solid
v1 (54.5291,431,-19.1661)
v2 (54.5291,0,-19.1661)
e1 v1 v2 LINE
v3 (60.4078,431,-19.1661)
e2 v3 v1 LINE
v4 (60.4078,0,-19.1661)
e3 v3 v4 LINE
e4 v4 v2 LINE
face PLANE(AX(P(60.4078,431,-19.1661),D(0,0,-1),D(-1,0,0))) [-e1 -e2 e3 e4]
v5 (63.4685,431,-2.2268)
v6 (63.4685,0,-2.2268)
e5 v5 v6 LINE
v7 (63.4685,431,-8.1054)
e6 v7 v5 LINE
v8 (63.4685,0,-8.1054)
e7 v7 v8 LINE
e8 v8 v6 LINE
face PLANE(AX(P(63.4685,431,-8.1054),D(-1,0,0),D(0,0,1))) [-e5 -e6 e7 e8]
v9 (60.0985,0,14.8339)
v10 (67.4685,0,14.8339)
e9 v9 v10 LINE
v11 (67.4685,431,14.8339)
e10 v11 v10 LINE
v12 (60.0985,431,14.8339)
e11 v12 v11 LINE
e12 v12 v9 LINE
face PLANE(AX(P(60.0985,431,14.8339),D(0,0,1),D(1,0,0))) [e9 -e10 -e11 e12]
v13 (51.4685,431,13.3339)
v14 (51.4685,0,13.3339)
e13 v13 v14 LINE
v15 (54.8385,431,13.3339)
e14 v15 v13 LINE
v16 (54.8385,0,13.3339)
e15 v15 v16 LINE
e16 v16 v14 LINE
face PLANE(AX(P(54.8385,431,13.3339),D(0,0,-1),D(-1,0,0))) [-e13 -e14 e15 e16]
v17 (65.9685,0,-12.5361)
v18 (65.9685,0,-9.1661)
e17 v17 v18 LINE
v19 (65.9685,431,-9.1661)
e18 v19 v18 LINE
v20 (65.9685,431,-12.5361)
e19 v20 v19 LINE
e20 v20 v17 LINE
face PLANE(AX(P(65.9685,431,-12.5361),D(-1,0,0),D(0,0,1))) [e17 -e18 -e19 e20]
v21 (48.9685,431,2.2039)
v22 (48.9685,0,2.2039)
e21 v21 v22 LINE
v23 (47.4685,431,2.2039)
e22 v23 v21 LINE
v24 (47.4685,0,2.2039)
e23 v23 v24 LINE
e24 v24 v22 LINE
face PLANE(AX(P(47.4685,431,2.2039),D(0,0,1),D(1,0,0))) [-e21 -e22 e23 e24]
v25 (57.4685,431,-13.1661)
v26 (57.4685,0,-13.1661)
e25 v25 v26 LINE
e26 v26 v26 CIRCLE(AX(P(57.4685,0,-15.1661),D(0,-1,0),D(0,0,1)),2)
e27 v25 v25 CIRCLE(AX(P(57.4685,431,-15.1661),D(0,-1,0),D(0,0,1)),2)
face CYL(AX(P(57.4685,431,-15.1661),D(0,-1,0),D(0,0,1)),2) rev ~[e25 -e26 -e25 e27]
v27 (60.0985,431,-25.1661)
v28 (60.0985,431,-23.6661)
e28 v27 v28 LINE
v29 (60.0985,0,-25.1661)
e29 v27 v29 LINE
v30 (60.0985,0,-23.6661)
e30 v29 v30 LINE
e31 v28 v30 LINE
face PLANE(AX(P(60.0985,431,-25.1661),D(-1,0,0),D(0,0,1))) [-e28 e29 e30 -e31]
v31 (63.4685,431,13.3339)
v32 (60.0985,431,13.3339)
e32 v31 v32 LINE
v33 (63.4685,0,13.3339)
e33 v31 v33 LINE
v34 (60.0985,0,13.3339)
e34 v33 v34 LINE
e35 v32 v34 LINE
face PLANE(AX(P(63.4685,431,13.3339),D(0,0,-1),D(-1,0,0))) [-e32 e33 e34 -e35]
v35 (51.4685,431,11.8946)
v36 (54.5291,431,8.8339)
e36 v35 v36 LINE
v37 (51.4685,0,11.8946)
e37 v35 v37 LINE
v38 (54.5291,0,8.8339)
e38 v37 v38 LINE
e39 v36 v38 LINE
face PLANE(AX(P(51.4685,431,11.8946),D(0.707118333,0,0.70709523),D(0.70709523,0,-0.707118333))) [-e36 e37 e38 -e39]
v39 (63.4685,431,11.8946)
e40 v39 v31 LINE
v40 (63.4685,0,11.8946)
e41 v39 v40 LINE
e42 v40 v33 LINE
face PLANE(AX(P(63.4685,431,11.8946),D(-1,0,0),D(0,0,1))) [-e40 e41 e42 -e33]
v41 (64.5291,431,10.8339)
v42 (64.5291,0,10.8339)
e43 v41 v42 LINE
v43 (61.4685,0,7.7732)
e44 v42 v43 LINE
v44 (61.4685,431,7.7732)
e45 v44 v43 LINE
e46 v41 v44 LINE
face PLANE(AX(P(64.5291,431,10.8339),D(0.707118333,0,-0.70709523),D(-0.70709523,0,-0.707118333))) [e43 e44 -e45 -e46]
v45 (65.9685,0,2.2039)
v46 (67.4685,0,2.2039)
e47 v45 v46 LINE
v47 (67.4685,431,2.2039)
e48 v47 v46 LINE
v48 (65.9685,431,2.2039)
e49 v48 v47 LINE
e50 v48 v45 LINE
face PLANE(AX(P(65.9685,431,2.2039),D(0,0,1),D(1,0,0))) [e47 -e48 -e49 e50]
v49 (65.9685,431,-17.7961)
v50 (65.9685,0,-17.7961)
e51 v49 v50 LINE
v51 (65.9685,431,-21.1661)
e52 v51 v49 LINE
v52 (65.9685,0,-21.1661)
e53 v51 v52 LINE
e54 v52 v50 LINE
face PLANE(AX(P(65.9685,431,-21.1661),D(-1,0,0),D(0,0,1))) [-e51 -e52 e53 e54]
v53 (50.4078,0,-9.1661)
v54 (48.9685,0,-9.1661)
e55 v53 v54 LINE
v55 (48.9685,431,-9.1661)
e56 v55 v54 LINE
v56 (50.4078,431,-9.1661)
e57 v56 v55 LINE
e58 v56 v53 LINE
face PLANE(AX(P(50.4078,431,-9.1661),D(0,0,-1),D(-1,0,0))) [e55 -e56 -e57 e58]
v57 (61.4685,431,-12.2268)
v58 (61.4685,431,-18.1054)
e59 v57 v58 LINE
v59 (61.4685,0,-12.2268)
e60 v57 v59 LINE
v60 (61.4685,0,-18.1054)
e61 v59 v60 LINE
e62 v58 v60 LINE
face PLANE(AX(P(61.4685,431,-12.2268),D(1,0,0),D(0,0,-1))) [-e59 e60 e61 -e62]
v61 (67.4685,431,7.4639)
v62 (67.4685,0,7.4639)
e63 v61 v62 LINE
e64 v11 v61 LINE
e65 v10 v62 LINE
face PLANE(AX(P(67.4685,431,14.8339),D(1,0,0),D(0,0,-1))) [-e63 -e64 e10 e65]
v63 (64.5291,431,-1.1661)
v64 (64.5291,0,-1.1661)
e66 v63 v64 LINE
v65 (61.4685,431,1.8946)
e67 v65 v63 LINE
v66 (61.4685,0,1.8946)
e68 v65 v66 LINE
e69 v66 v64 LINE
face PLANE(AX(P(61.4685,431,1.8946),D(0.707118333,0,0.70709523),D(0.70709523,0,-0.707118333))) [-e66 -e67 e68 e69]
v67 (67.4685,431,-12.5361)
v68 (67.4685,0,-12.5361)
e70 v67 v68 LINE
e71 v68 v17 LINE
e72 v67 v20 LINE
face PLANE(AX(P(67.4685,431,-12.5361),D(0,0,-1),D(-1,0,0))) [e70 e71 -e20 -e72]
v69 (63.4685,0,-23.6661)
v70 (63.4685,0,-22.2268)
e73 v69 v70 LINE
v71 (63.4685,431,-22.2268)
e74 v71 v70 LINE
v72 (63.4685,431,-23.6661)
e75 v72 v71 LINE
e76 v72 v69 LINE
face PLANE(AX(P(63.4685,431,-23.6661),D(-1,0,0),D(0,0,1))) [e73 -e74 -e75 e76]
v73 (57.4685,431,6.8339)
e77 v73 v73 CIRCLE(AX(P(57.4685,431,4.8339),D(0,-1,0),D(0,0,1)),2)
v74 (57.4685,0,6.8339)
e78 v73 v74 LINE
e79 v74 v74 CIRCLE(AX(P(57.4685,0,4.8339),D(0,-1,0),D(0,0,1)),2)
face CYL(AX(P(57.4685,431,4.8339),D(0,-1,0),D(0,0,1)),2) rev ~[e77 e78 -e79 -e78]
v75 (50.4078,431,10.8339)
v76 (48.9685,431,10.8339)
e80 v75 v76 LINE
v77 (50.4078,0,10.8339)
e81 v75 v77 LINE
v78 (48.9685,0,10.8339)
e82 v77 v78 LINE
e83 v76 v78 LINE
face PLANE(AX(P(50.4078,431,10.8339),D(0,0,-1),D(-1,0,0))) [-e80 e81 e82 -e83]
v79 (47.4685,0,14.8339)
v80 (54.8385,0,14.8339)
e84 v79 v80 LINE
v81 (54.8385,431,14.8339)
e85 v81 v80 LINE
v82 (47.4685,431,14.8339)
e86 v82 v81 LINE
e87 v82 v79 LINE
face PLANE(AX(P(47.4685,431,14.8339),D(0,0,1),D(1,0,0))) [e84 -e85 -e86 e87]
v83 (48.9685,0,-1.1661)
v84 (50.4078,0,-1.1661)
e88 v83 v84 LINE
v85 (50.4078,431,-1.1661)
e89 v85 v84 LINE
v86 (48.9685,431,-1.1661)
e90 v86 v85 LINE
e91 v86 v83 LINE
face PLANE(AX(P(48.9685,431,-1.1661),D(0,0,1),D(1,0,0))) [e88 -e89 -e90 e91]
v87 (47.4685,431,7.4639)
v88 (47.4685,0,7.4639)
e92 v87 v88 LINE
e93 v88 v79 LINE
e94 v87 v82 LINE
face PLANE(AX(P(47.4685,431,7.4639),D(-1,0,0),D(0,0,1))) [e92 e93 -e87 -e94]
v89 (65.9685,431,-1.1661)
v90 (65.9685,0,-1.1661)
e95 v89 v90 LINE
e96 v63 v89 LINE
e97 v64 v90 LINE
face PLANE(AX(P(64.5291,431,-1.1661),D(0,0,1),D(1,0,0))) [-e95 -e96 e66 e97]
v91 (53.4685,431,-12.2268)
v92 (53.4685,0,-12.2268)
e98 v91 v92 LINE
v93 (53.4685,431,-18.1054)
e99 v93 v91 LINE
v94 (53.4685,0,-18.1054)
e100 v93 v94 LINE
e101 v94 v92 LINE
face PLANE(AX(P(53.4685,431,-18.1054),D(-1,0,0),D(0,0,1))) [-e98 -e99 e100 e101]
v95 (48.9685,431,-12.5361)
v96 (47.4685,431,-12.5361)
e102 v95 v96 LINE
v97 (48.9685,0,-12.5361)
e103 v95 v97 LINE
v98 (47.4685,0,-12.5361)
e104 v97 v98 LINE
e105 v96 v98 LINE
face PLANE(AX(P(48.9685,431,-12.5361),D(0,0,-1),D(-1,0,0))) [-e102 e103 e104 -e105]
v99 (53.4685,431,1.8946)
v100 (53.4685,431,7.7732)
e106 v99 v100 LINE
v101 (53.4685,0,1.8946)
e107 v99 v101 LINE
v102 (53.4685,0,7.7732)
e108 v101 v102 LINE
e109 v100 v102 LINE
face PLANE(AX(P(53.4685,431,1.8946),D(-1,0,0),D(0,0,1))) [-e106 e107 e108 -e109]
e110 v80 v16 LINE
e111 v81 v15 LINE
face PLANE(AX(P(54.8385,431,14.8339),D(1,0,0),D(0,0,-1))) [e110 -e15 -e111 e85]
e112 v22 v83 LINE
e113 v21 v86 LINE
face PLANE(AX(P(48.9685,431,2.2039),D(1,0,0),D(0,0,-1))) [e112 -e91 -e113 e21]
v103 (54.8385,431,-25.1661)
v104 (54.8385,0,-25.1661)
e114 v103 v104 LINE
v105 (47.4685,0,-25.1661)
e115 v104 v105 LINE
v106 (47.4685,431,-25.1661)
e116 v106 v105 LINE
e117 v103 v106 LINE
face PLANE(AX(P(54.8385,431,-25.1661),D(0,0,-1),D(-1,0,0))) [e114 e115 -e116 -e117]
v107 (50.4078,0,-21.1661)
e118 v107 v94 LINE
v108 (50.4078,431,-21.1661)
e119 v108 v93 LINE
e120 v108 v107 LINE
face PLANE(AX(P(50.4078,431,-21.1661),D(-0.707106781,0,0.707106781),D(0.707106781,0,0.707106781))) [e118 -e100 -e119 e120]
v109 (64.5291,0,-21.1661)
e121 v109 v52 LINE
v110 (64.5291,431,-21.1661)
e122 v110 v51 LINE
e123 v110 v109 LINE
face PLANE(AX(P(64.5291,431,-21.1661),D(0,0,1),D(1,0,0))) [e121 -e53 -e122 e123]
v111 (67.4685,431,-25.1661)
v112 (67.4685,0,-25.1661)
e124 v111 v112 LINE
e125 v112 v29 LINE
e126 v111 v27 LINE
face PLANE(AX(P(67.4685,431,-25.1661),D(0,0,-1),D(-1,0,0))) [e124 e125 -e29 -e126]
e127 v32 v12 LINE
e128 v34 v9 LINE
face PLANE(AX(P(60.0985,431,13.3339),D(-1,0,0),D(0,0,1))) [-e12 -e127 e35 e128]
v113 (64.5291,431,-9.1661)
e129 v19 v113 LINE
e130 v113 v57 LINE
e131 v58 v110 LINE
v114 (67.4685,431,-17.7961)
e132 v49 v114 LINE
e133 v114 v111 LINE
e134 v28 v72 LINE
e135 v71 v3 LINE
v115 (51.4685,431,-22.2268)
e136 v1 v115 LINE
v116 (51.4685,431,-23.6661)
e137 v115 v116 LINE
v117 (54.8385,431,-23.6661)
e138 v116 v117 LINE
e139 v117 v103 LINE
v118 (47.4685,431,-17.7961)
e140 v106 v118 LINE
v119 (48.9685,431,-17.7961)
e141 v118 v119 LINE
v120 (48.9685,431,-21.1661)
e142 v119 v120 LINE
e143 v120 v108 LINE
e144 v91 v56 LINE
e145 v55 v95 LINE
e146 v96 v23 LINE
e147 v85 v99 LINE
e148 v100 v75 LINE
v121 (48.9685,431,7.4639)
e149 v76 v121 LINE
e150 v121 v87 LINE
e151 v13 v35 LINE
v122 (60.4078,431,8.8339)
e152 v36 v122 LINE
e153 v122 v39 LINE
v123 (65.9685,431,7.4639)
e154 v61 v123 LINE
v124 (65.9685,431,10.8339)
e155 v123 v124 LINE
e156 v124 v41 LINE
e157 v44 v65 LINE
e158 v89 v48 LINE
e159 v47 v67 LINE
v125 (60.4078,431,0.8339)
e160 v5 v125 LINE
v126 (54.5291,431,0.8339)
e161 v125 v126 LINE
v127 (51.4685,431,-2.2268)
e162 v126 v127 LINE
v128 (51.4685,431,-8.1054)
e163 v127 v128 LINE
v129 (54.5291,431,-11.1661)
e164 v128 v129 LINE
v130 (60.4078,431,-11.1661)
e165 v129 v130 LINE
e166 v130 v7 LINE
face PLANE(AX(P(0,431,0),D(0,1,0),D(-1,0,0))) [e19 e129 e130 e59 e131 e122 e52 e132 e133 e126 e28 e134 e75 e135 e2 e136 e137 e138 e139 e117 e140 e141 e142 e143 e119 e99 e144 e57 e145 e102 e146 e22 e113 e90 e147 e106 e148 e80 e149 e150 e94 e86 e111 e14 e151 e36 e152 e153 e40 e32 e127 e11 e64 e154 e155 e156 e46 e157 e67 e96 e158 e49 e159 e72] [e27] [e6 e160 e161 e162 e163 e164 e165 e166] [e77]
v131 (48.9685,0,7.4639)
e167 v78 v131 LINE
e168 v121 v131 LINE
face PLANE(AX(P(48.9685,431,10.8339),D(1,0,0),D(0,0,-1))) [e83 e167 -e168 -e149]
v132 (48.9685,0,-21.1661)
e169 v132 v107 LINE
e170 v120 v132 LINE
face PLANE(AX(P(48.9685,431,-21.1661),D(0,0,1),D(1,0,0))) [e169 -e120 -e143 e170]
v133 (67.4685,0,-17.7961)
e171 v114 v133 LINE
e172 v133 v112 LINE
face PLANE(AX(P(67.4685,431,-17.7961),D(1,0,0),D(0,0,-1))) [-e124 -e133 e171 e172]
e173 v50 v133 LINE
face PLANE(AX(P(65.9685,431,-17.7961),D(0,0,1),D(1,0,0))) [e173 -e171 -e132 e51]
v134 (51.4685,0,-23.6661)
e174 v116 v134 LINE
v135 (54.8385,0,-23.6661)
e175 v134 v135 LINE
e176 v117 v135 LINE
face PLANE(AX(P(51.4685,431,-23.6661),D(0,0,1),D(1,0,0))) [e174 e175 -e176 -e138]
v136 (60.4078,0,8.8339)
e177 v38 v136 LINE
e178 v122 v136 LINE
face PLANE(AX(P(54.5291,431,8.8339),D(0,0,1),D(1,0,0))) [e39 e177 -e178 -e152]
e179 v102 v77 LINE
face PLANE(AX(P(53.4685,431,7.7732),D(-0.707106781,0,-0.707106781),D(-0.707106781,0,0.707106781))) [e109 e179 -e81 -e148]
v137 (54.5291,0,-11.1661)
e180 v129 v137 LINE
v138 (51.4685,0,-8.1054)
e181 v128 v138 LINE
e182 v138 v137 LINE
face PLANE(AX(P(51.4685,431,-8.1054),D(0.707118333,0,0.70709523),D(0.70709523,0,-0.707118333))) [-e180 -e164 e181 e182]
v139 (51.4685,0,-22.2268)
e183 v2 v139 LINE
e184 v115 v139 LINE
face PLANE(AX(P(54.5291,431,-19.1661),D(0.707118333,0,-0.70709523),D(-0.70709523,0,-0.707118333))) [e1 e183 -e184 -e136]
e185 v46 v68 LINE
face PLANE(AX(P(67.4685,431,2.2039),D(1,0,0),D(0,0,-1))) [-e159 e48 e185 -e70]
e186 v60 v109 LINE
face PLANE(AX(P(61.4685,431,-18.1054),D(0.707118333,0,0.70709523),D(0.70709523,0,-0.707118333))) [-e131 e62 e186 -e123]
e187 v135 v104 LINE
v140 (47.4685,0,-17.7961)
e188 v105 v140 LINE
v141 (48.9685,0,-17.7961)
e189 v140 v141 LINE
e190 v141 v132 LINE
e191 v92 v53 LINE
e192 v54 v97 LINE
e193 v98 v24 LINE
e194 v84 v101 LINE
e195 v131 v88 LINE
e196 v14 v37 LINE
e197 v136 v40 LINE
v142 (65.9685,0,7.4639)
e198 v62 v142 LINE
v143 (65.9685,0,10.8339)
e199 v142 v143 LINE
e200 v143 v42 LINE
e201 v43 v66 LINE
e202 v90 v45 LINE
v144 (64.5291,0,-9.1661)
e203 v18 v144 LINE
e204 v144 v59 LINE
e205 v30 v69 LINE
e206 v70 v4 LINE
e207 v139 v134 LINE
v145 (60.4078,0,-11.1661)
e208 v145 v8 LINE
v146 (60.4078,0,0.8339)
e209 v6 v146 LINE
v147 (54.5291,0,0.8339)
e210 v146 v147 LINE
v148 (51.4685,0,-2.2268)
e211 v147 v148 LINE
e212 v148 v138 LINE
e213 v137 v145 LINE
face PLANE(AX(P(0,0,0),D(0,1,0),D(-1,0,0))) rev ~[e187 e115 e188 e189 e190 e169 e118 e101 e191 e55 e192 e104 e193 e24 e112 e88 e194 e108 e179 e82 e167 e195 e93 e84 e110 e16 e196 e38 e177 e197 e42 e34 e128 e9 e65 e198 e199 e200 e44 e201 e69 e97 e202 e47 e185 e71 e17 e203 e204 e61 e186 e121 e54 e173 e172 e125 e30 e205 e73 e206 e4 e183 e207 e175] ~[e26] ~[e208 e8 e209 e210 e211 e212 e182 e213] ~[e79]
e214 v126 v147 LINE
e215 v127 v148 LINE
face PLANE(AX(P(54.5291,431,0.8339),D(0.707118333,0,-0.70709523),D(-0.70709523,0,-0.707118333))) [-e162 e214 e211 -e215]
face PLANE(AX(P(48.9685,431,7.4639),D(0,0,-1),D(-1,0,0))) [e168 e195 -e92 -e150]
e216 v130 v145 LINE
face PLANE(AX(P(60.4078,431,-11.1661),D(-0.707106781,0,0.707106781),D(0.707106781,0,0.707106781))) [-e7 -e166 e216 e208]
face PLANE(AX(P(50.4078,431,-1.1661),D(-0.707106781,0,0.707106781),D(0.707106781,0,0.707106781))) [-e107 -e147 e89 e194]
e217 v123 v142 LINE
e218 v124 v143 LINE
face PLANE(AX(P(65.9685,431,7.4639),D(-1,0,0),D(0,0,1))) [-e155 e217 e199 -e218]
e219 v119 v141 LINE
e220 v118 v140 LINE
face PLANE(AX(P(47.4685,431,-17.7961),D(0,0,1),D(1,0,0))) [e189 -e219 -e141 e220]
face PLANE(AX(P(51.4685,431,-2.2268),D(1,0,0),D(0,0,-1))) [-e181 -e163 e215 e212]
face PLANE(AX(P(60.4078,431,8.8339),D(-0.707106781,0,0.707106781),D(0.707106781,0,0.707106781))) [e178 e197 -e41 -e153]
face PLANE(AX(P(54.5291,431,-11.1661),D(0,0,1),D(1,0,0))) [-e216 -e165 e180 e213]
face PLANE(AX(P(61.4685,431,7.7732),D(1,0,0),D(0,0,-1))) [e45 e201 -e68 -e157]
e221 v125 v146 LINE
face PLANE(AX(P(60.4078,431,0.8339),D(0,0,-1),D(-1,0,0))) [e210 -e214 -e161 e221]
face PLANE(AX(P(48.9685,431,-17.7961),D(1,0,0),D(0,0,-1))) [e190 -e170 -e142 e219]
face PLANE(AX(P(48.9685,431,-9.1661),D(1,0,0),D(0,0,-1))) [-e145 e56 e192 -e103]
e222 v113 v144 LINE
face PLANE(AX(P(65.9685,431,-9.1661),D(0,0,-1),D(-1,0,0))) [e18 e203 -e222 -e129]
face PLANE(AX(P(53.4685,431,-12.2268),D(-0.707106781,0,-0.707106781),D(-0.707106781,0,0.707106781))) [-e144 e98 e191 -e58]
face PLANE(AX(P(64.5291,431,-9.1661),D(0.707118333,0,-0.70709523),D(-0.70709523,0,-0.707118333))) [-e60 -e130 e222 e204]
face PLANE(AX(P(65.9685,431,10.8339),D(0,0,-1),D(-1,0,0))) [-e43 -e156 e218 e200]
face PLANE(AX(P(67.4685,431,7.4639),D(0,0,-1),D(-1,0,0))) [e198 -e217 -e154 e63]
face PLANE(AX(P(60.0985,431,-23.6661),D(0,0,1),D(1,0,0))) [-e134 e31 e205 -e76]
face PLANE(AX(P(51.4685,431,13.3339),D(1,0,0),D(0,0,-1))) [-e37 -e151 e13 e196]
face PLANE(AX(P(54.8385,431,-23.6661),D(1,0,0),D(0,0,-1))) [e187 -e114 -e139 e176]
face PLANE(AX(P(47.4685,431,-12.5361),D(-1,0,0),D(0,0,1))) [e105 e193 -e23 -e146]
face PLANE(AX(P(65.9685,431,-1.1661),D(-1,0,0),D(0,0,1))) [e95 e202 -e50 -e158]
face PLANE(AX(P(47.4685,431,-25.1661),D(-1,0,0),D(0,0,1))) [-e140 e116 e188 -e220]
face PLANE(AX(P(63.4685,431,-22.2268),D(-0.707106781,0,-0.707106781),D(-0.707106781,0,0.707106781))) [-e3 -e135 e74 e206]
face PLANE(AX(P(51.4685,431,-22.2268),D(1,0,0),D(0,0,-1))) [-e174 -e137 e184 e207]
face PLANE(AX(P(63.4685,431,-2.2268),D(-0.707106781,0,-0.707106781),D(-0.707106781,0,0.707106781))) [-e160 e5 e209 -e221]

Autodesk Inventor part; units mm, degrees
ref_plane "YZ Plane" through (0, 0, 0) normal (1, 0, 0) x (0, 1, 0)
ref_plane "XY Plane" through (0, 0, 0) normal (0, 0, 1) x (1, 0, 0)
ref_plane "Work Plane1" through (0, 431, 0) normal (0, 1, 0) x (-1, 0, 0)
sketch "Sketch1" plane through (0, 431, 0) normal (0, 1, 0) x (-1, 0, 0)
  line L0 (-54.5291, -19.1661) -> (-51.4685, -22.2268)
  line L1 (-67.4685, 2.2039) -> (-67.4685, -12.5361)
  line L2 (-51.4685, 11.8946) -> (-54.5291, 8.8339)
  line L3 (-48.9685, -9.1661) -> (-48.9685, -12.5361)
  line L4 (-64.5291, -1.1661) -> (-65.9685, -1.1661)
  line L5 (-54.8385, 14.8339) -> (-54.8385, 13.3339)
  line L6 (-63.4685, -23.6661) -> (-63.4685, -22.2268)
  line L7 (-53.4685, -18.1054) -> (-53.4685, -12.2268)
  line L8 (-67.4685, -25.1661) -> (-60.0985, -25.1661)
  line L9 (-48.9685, 7.4639) -> (-47.4685, 7.4639)
  line L10 (-63.4685, -2.2268) -> (-60.4078, 0.8339)
  line L11 (-48.9685, -17.7961) -> (-48.9685, -21.1661)
  line L12 (-64.5291, 10.8339) -> (-61.4685, 7.7732)
  line L13 (-53.4685, 7.7732) -> (-50.4078, 10.8339)
  line L14 (-54.5291, -11.1661) -> (-60.4078, -11.1661)
  line L15 (-65.9685, -21.1661) -> (-65.9685, -17.7961)
  line L16 (-67.4685, 7.4639) -> (-65.9685, 7.4639)
  line L17 (-60.0985, 13.3339) -> (-60.0985, 14.8339)
  line L18 (-61.4685, -12.2268) -> (-61.4685, -18.1054)
  line L19 (-47.4685, -25.1661) -> (-47.4685, -17.7961)
  line L20 (-48.9685, -1.1661) -> (-50.4078, -1.1661)
  line L21 (-47.4685, -12.5361) -> (-47.4685, 2.2039)
  line L22 (-51.4685, -23.6661) -> (-54.8385, -23.6661)
  line L23 (-65.9685, -12.5361) -> (-65.9685, -9.1661)
  line L24 (-60.4078, 8.8339) -> (-63.4685, 11.8946)
  line L25 (-50.4078, -9.1661) -> (-48.9685, -9.1661)
  line L26 (-51.4685, 13.3339) -> (-51.4685, 11.8946)
  line L27 (-60.4078, -19.1661) -> (-54.5291, -19.1661)
  line L28 (-65.9685, 2.2039) -> (-67.4685, 2.2039)
  line L29 (-50.4078, -21.1661) -> (-53.4685, -18.1054)
  line L30 (-47.4685, 14.8339) -> (-54.8385, 14.8339)
  line L31 (-61.4685, 1.8946) -> (-64.5291, -1.1661)
  line L32 (-54.5291, 0.8339) -> (-51.4685, -2.2268)
  line L33 (-60.0985, -23.6661) -> (-63.4685, -23.6661)
  line L34 (-67.4685, -17.7961) -> (-67.4685, -25.1661)
  line L35 (-65.9685, 10.8339) -> (-64.5291, 10.8339)
  line L36 (-47.4685, -17.7961) -> (-48.9685, -17.7961)
  line L37 (-48.9685, 10.8339) -> (-48.9685, 7.4639)
  line L38 (-63.4685, -8.1054) -> (-63.4685, -2.2268)
  line L39 (-53.4685, 1.8946) -> (-53.4685, 7.7732)
  line L40 (-51.4685, -8.1054) -> (-54.5291, -11.1661)
  line L41 (-67.4685, 14.8339) -> (-67.4685, 7.4639)
  line L42 (-64.5291, -21.1661) -> (-65.9685, -21.1661)
  line L43 (-54.8385, -25.1661) -> (-47.4685, -25.1661)
  line L44 (-63.4685, 13.3339) -> (-60.0985, 13.3339)
  line L45 (-48.9685, 2.2039) -> (-48.9685, -1.1661)
  line L46 (-64.5291, -9.1661) -> (-61.4685, -12.2268)
  line L47 (-51.4685, -22.2268) -> (-51.4685, -23.6661)
  line L48 (-48.9685, -12.5361) -> (-47.4685, -12.5361)
  line L49 (-67.4685, -12.5361) -> (-65.9685, -12.5361)
  line L50 (-54.5291, 8.8339) -> (-60.4078, 8.8339)
  line L51 (-65.9685, -1.1661) -> (-65.9685, 2.2039)
  line L52 (-53.4685, -12.2268) -> (-50.4078, -9.1661)
  line L53 (-54.8385, 13.3339) -> (-51.4685, 13.3339)
  line L54 (-63.4685, -22.2268) -> (-60.4078, -19.1661)
  line L55 (-47.4685, 7.4639) -> (-47.4685, 14.8339)
  line L56 (-60.4078, 0.8339) -> (-54.5291, 0.8339)
  line L57 (-48.9685, -21.1661) -> (-50.4078, -21.1661)
  line L58 (-61.4685, 7.7732) -> (-61.4685, 1.8946)
  line L59 (-60.0985, -25.1661) -> (-60.0985, -23.6661)
  line L60 (-60.4078, -11.1661) -> (-63.4685, -8.1054)
  line L61 (-65.9685, 7.4639) -> (-65.9685, 10.8339)
  line L62 (-50.4078, 10.8339) -> (-48.9685, 10.8339)
  line L63 (-65.9685, -17.7961) -> (-67.4685, -17.7961)
  line L64 (-50.4078, -1.1661) -> (-53.4685, 1.8946)
  line L65 (-61.4685, -18.1054) -> (-64.5291, -21.1661)
  line L66 (-51.4685, -2.2268) -> (-51.4685, -8.1054)
  line L67 (-60.0985, 14.8339) -> (-67.4685, 14.8339)
  line L68 (-54.8385, -23.6661) -> (-54.8385, -25.1661)
  line L69 (-63.4685, 11.8946) -> (-63.4685, 13.3339)
  line L70 (-65.9685, -9.1661) -> (-64.5291, -9.1661)
  line L71 (-47.4685, 2.2039) -> (-48.9685, 2.2039)
extrude "Extrusion1" add sketch "Sketch1" against normal blind 431
hole "Hole2" at (57.4685, 431, 4.8339) direction (0, -1, 0) diameter 4 depth 431
sketch "Sketch2" plane through (0, 431, 0) normal (0, 1, 0) x (-1, 0, 0)
  point P0 (-57.4685, 4.8339)
hole "Hole1" at (57.4685, 431, -15.1661) direction (0, -1, 0) diameter 4 depth 431
sketch "Sketch3" plane through (0, 431, 0) normal (0, 1, 0) x (-1, 0, 0)
  point P0 (-57.4685, -15.1661)
